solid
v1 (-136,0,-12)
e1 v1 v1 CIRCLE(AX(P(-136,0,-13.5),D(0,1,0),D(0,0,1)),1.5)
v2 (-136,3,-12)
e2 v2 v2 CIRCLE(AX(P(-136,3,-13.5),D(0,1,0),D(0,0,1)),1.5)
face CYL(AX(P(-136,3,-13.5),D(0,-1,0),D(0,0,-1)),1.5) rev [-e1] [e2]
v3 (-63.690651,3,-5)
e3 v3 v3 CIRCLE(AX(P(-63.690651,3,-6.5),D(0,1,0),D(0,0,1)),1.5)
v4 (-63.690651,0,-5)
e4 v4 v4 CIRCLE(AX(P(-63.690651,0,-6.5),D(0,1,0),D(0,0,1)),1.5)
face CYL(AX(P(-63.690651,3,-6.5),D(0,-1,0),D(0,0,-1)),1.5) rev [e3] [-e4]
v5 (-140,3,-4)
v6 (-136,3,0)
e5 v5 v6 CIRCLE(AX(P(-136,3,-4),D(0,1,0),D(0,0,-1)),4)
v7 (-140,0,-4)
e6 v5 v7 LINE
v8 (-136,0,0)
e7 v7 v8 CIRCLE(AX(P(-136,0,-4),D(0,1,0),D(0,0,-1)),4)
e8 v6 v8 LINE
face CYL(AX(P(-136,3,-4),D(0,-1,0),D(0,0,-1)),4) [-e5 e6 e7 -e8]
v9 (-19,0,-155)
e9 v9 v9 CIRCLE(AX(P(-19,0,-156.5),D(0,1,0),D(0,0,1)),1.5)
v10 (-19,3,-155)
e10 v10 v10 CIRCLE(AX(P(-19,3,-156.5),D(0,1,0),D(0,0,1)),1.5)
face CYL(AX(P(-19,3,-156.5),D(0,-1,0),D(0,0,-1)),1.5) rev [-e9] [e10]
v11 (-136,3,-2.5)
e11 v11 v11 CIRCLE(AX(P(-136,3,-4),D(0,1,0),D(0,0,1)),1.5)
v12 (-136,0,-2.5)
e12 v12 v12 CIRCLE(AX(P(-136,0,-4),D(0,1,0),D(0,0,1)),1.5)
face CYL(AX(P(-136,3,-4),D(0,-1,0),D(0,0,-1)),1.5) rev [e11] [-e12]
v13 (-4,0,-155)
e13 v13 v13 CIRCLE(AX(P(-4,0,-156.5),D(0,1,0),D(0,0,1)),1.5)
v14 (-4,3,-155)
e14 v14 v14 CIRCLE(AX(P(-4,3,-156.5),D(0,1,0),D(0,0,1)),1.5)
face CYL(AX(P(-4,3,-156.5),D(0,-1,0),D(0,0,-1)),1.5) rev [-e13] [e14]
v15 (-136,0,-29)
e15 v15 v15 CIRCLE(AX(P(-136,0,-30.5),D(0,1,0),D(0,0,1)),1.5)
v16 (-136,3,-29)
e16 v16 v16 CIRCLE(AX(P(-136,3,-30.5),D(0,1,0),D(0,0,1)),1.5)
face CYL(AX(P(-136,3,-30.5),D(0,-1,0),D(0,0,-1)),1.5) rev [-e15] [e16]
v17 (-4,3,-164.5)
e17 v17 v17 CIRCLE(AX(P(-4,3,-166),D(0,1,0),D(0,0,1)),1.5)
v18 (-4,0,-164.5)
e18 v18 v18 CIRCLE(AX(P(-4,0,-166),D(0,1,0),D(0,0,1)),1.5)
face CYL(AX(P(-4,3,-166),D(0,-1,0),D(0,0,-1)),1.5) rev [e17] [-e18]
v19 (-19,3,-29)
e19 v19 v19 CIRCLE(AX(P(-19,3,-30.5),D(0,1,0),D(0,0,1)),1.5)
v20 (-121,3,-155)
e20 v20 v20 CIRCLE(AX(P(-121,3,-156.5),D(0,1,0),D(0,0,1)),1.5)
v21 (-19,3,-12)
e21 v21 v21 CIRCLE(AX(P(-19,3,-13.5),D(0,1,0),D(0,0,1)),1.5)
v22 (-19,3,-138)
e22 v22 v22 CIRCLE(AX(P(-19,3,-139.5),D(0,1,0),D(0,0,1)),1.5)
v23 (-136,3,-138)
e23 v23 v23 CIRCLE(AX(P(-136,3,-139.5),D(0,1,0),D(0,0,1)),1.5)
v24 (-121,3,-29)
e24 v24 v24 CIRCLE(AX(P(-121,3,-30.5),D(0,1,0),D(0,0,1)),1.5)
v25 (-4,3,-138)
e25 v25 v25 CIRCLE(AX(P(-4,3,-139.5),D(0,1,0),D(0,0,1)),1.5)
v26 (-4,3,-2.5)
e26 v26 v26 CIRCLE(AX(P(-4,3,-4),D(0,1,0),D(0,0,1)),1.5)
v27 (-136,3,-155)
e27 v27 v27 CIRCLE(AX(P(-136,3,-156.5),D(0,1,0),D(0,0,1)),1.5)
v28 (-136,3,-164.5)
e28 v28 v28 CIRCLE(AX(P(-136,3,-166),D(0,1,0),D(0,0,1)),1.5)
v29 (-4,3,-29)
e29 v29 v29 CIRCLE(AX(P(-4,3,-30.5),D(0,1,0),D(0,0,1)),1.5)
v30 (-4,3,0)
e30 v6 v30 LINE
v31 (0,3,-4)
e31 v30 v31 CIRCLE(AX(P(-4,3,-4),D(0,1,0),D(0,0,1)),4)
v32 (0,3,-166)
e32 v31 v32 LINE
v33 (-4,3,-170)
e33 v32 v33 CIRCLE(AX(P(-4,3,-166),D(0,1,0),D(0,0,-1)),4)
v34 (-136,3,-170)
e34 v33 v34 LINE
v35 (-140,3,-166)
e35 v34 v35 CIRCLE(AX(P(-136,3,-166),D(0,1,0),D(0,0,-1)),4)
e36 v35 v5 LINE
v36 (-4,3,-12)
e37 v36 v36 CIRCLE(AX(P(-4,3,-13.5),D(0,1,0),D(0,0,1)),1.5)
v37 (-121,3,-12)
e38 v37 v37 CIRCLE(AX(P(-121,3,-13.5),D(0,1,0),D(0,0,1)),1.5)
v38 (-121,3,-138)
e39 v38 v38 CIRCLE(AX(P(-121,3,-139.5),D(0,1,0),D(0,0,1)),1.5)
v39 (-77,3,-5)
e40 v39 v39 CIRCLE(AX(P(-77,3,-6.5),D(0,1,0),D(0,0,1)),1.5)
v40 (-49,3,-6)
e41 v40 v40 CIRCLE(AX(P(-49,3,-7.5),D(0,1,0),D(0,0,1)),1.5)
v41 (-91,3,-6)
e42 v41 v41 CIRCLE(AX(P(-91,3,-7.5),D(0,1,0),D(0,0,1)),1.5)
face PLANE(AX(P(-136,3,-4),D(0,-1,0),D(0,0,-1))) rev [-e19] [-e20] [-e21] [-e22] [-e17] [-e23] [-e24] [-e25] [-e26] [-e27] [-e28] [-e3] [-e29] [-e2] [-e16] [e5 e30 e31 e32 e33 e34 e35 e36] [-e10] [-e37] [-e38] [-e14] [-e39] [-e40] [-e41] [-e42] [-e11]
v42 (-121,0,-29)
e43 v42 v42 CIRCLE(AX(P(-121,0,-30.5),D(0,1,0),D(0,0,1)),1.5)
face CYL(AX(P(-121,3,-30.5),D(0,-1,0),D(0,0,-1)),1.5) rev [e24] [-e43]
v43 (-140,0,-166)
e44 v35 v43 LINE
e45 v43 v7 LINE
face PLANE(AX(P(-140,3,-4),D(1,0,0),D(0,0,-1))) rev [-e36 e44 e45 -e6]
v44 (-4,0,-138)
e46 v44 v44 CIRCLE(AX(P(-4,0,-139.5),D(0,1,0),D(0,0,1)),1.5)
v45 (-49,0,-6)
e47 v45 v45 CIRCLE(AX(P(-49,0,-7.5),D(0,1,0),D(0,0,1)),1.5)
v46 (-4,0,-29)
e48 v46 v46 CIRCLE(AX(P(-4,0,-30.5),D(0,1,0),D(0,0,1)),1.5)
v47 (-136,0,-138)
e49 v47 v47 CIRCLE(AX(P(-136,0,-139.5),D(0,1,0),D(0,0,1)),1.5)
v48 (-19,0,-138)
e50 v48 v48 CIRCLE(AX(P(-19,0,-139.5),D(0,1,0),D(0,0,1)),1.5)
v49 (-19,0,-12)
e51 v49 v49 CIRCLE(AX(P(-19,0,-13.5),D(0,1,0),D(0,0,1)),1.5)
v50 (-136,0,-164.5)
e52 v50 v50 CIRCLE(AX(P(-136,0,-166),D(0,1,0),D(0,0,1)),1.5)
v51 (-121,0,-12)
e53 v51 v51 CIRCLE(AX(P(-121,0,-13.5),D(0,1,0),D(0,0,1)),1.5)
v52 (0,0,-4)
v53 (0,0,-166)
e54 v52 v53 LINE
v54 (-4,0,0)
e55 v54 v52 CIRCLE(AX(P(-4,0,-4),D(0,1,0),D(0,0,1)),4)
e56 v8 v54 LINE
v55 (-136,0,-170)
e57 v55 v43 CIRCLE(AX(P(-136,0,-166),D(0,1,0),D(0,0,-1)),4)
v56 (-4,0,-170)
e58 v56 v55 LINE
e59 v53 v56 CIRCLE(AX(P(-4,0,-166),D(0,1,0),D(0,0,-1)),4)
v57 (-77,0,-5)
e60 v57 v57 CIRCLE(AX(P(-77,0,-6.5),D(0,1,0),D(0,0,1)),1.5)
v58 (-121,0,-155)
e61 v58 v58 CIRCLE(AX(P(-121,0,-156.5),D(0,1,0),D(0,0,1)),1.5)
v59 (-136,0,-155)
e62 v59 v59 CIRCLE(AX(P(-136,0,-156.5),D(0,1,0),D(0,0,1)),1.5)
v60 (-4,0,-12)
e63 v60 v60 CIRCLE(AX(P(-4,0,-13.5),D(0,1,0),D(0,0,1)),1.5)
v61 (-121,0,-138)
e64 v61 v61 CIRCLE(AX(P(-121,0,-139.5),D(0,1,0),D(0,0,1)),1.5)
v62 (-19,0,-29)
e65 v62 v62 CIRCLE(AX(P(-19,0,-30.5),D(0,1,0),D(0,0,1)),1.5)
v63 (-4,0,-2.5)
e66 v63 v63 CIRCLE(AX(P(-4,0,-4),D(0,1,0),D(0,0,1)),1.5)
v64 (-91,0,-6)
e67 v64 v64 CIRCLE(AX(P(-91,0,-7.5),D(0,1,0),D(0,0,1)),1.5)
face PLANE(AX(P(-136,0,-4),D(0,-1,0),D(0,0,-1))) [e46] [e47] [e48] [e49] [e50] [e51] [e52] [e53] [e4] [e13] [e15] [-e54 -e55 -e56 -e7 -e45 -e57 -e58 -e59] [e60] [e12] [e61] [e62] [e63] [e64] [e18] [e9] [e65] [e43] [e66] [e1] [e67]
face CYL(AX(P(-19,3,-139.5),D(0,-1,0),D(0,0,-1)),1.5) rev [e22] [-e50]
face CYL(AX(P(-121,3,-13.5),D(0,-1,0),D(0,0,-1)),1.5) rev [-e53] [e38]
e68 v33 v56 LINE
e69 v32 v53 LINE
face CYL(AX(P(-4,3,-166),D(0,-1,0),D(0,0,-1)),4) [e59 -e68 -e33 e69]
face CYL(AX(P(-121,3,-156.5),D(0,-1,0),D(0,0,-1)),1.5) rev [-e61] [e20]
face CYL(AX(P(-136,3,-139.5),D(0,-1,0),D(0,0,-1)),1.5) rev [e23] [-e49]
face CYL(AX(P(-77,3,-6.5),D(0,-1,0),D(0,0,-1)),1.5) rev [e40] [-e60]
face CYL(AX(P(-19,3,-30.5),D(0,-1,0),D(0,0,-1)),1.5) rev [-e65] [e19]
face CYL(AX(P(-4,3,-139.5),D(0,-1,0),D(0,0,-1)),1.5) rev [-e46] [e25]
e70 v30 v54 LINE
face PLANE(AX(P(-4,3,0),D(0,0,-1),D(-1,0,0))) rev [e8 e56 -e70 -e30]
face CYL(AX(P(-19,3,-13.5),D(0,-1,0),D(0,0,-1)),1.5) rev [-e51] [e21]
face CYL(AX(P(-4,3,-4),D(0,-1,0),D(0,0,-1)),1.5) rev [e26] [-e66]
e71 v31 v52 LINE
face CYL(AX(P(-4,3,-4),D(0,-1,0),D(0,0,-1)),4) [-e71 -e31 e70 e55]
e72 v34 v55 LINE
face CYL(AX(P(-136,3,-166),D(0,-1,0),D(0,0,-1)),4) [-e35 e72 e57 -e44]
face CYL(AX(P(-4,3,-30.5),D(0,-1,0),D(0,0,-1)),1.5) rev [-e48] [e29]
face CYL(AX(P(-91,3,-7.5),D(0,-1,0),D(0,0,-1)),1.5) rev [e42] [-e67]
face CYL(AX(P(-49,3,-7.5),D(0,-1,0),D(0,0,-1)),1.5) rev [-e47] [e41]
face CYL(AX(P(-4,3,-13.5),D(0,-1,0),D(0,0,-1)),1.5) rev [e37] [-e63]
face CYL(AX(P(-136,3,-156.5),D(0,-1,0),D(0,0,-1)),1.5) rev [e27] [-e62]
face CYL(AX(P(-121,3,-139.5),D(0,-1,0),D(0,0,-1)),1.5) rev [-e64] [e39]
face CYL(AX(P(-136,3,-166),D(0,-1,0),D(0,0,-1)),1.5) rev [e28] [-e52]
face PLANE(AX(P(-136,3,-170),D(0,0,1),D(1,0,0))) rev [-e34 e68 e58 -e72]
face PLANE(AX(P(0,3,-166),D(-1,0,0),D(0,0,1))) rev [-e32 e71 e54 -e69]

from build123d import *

# Parameters (mm, degrees)
SKETCH1_R           = 1.5
BOSS_EXTRUDE1_DEPTH = 3


with BuildPart() as part:
    # Sketch1 → Boss-Extrude1 (new body)
    with BuildSketch(Plane(origin=(0, 0, 0), x_dir=(1, 0, 0), z_dir=(0, 1, 0))):
        with BuildLine():
            Line((-4, 0), (-136, 0))
            ThreePointArc((-136, 0), (-138.828427125, 1.171572875), (-140, 4))
            Line((-140, 4), (-140, 166))
            ThreePointArc((-140, 166), (-138.828427125, 168.828427125), (-136, 170))
            Line((-136, 170), (-4, 170))
            ThreePointArc((-4, 170), (-1.171572875, 168.828427125), (0, 166))
            Line((0, 166), (0, 4))
            ThreePointArc((0, 4), (-1.171572875, 1.171572875), (-4, 0))
        make_face()
        with Locations((-136, 166)):
            Circle(SKETCH1_R, mode=Mode.SUBTRACT)
        with Locations((-4, 166)):
            Circle(SKETCH1_R, mode=Mode.SUBTRACT)
        with Locations((-136, 4)):
            Circle(SKETCH1_R, mode=Mode.SUBTRACT)
        with Locations((-4, 4)):
            Circle(SKETCH1_R, mode=Mode.SUBTRACT)
        with Locations((-121, 156.5)):
            Circle(SKETCH1_R, mode=Mode.SUBTRACT)
        with Locations((-136, 156.5)):
            Circle(SKETCH1_R, mode=Mode.SUBTRACT)
        with Locations((-136, 139.5)):
            Circle(SKETCH1_R, mode=Mode.SUBTRACT)
        with Locations((-121, 139.5)):
            Circle(SKETCH1_R, mode=Mode.SUBTRACT)
        with Locations((-19, 156.5)):
            Circle(SKETCH1_R, mode=Mode.SUBTRACT)
        with Locations((-4, 156.5)):
            Circle(SKETCH1_R, mode=Mode.SUBTRACT)
        with Locations((-4, 139.5)):
            Circle(SKETCH1_R, mode=Mode.SUBTRACT)
        with Locations((-19, 139.5)):
            Circle(SKETCH1_R, mode=Mode.SUBTRACT)
        with Locations((-63.690651325, 6.5)):
            Circle(SKETCH1_R, mode=Mode.SUBTRACT)
        with Locations((-77, 6.5)):
            Circle(SKETCH1_R, mode=Mode.SUBTRACT)
        with Locations((-121, 30.5)):
            Circle(SKETCH1_R, mode=Mode.SUBTRACT)
        with Locations((-136, 30.5)):
            Circle(SKETCH1_R, mode=Mode.SUBTRACT)
        with Locations((-136, 13.5)):
            Circle(SKETCH1_R, mode=Mode.SUBTRACT)
        with Locations((-121, 13.5)):
            Circle(SKETCH1_R, mode=Mode.SUBTRACT)
        with Locations((-19, 30.5)):
            Circle(SKETCH1_R, mode=Mode.SUBTRACT)
        with Locations((-4, 30.5)):
            Circle(SKETCH1_R, mode=Mode.SUBTRACT)
        with Locations((-19, 13.5)):
            Circle(SKETCH1_R, mode=Mode.SUBTRACT)
        with Locations((-4, 13.5)):
            Circle(SKETCH1_R, mode=Mode.SUBTRACT)
        with Locations((-91, 7.5)):
            Circle(SKETCH1_R, mode=Mode.SUBTRACT)
        with Locations((-49, 7.5)):
            Circle(SKETCH1_R, mode=Mode.SUBTRACT)
    extrude(amount=BOSS_EXTRUDE1_DEPTH)


solid = part.part
